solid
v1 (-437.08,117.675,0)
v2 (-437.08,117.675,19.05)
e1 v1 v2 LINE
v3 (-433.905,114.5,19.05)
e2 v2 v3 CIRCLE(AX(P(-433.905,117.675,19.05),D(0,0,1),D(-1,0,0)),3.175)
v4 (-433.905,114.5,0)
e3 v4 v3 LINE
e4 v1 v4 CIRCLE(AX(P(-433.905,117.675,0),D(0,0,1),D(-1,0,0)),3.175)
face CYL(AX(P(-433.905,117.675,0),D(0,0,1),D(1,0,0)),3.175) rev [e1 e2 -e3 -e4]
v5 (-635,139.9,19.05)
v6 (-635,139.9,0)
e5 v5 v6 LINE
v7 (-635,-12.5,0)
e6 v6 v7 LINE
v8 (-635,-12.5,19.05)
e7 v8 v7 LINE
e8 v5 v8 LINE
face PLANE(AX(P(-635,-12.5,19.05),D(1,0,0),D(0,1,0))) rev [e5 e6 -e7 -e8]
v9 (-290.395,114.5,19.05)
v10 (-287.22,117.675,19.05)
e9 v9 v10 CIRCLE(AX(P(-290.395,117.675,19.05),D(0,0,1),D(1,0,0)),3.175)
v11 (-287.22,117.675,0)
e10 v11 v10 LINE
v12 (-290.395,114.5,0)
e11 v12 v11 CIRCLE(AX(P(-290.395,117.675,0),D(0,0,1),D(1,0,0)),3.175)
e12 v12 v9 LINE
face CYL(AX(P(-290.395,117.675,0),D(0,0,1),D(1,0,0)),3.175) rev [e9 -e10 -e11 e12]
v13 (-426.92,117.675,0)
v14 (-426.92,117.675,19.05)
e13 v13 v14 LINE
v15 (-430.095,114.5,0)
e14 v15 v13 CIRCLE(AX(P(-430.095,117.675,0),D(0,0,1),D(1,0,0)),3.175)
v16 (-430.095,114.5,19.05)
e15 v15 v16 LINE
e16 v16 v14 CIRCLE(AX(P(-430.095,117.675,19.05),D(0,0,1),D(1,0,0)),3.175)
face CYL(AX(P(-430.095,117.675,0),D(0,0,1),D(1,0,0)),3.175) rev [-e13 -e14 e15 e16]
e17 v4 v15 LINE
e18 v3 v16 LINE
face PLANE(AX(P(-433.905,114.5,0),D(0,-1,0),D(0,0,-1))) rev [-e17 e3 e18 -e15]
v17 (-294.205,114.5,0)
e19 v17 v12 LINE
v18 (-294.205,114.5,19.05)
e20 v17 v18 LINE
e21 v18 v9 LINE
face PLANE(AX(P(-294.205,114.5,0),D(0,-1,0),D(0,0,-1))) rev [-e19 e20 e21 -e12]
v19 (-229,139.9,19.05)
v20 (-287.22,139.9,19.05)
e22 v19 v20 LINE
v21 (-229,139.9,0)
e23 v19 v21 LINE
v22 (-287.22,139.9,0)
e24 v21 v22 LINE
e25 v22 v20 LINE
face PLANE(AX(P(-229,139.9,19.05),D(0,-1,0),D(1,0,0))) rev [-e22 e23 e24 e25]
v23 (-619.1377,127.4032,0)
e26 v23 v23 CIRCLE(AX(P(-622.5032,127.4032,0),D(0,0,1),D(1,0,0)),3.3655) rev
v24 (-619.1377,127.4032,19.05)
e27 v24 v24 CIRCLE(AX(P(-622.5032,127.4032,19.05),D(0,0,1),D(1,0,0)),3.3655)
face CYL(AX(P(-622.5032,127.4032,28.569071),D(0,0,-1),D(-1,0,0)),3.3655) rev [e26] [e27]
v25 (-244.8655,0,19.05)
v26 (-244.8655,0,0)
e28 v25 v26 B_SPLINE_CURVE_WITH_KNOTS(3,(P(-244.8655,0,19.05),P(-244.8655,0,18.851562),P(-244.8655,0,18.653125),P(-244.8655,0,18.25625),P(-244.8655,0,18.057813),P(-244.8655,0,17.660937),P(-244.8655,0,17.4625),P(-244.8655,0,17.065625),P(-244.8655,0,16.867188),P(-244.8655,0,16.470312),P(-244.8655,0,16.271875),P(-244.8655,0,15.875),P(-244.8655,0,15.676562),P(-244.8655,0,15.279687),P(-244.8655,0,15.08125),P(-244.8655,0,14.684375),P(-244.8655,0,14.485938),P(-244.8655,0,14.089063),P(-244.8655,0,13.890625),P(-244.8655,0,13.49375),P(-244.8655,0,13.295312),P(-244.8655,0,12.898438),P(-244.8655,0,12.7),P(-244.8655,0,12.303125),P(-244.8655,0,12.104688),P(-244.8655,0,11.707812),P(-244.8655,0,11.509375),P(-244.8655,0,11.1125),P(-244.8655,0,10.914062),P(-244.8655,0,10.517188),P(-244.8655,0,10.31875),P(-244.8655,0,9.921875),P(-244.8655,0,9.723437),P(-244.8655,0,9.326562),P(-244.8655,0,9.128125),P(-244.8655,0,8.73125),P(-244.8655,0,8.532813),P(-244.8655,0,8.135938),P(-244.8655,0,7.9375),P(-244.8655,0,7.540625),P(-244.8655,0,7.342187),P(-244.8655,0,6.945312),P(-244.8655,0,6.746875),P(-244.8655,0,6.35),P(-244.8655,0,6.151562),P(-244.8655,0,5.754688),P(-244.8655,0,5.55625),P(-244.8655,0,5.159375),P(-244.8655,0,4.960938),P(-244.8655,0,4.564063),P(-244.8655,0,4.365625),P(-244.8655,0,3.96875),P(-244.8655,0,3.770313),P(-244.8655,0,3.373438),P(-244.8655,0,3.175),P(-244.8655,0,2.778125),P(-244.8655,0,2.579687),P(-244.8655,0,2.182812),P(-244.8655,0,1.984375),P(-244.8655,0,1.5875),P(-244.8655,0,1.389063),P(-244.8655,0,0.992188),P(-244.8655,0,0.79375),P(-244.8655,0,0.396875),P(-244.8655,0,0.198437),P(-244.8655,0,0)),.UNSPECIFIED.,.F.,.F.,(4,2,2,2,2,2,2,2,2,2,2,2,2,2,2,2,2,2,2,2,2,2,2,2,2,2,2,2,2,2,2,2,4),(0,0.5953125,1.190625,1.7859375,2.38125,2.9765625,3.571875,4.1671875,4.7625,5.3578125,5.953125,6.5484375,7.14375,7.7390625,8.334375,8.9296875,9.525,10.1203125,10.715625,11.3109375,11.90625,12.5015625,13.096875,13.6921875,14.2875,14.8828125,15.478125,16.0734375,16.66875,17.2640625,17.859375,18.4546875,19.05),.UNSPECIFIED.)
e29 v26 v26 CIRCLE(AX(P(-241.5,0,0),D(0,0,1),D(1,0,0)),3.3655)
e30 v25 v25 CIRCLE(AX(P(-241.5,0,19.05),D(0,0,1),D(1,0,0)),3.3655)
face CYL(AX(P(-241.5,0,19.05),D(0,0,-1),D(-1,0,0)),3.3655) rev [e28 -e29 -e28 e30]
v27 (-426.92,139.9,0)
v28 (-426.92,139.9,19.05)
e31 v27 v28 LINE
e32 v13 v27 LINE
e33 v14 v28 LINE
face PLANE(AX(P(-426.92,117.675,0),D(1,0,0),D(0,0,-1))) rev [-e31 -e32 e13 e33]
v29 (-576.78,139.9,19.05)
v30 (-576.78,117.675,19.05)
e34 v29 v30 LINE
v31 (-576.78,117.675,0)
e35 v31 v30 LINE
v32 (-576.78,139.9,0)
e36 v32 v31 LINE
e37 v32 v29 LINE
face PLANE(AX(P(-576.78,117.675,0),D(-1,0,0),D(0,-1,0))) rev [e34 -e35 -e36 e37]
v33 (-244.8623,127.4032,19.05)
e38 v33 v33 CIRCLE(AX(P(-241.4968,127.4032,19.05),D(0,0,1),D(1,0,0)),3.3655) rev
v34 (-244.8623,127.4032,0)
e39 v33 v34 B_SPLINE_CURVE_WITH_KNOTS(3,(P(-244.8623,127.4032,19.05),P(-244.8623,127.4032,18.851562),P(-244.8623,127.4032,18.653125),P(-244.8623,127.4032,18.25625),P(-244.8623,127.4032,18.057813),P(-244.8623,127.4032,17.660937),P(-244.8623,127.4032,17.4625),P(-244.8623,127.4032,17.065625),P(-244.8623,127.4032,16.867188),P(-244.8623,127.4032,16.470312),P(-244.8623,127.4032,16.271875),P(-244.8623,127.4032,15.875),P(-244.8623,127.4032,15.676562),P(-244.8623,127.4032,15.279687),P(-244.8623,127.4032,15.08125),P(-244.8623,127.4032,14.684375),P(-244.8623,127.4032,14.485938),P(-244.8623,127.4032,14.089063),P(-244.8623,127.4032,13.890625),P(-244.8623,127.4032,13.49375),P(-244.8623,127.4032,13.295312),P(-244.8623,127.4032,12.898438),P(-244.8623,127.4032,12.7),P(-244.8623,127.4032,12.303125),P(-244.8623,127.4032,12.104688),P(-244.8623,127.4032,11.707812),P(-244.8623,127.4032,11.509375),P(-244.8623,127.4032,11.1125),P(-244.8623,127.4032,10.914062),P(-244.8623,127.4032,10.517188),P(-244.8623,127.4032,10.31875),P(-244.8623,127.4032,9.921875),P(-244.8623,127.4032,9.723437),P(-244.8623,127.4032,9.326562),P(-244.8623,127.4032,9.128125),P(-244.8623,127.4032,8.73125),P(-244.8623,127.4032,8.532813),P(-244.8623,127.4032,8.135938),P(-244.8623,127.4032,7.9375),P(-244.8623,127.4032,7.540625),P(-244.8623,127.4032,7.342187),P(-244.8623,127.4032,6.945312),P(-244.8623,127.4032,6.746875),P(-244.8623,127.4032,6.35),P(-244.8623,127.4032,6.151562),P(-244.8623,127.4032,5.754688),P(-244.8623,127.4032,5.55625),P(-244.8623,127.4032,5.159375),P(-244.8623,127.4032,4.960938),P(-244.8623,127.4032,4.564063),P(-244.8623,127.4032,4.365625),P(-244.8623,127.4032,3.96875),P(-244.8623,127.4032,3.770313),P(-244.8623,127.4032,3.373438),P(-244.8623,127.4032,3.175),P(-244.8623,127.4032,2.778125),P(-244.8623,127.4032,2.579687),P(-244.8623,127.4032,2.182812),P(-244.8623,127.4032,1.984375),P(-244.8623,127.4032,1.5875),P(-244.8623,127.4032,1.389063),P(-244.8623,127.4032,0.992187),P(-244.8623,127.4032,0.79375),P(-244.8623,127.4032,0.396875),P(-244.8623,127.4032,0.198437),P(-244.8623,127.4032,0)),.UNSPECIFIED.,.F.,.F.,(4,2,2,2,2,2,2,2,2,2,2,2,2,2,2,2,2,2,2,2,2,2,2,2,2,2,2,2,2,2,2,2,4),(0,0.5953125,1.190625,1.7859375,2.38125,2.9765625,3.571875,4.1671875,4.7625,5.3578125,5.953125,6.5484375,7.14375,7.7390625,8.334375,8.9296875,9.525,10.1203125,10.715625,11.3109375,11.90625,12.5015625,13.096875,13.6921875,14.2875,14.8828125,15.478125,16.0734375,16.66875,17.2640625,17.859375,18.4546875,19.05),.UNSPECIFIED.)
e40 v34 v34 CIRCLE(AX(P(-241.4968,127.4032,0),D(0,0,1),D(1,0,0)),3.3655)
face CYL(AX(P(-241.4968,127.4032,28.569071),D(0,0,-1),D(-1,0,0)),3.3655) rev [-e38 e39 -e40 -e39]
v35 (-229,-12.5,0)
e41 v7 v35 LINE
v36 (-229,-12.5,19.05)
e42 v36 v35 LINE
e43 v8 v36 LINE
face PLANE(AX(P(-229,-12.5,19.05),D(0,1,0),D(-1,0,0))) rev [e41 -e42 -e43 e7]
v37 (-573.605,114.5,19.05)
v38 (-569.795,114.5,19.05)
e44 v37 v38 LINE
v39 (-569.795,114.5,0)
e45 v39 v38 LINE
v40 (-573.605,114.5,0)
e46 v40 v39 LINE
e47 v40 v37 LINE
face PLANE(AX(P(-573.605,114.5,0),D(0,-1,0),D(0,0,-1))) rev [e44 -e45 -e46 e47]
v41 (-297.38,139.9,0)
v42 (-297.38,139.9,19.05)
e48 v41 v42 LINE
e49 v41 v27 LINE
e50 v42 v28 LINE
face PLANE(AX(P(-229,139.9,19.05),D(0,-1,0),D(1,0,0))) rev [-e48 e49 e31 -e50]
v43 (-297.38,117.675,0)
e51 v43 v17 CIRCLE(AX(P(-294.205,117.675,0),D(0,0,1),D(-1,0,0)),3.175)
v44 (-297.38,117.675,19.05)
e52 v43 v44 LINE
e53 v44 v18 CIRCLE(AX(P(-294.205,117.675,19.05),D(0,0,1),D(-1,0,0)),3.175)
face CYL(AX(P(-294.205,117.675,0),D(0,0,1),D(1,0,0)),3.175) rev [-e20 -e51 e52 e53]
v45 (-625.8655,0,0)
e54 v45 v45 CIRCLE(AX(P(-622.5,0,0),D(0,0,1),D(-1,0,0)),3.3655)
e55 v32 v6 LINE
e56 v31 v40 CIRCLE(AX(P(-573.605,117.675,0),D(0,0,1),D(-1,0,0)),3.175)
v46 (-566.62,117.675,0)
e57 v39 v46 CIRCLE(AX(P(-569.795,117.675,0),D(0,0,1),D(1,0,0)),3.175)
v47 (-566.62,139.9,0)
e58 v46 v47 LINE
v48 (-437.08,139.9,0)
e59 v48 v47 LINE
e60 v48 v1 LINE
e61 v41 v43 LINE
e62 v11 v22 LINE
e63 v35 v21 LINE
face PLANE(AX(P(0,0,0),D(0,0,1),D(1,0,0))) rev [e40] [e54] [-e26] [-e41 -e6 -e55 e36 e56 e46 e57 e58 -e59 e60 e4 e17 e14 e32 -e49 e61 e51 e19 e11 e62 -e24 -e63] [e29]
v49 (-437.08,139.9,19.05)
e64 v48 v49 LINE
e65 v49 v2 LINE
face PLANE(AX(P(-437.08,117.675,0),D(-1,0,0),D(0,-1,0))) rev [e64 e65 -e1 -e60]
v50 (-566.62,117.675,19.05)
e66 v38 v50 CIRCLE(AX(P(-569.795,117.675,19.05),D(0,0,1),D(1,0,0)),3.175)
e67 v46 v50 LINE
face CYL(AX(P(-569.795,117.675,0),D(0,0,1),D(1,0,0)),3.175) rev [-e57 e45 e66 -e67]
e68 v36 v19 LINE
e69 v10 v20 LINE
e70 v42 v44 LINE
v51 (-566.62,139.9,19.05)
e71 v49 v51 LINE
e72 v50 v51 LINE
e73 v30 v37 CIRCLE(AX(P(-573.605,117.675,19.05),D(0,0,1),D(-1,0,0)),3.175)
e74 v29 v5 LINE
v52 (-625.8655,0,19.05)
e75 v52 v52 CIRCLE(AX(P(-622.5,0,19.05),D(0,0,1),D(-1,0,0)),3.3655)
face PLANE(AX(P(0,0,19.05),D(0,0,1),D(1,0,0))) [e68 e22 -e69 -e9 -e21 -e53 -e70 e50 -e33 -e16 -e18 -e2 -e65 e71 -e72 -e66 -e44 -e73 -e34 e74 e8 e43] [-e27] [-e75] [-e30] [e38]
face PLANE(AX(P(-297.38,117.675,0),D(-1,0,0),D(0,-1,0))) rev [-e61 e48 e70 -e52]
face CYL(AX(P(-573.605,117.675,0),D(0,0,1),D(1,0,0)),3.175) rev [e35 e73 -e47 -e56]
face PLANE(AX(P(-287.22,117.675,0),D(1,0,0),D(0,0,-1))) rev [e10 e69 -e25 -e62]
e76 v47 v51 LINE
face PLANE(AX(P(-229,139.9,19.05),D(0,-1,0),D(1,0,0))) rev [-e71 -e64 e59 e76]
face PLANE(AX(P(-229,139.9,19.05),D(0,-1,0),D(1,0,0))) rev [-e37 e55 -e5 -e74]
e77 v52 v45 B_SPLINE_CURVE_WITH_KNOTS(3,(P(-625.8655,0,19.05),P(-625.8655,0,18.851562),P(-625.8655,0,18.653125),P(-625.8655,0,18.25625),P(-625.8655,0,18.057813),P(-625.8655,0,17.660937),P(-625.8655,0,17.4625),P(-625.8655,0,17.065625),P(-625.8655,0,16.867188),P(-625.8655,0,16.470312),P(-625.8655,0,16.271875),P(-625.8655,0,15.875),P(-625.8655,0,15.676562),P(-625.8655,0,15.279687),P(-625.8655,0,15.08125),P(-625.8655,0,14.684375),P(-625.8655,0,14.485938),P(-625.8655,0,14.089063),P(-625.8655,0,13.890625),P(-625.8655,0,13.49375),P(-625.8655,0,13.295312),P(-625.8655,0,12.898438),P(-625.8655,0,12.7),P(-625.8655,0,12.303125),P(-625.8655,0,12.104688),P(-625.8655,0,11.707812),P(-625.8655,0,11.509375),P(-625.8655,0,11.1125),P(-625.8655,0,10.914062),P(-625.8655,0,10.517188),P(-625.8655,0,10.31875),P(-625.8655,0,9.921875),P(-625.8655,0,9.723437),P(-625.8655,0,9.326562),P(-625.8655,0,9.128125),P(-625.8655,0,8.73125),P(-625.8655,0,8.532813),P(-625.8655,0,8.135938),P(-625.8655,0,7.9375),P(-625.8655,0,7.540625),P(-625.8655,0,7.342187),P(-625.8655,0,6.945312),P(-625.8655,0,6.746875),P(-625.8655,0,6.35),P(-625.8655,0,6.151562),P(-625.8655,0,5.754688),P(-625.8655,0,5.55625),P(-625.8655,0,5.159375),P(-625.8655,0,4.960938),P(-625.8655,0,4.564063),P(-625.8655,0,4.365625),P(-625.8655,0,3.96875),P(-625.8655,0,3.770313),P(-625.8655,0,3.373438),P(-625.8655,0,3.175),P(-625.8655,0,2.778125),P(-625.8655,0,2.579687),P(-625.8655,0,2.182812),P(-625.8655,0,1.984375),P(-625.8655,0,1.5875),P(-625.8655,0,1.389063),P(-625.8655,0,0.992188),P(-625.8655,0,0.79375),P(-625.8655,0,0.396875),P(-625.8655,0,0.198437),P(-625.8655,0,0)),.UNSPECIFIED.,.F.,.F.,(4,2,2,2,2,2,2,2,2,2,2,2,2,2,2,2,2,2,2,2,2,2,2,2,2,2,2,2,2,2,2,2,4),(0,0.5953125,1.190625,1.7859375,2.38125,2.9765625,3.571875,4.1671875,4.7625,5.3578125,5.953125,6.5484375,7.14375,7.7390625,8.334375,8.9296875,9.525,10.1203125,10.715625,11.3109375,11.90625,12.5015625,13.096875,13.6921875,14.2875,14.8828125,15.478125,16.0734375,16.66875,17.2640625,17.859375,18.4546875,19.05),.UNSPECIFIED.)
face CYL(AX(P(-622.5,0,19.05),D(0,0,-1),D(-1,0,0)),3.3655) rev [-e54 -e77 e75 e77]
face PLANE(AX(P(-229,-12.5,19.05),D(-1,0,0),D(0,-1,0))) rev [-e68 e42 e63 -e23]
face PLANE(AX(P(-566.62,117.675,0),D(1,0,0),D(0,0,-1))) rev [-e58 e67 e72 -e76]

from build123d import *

# Parameters (mm, degrees)
SKETCH1_W           = 406
SKETCH1_H           = 152.4
SKETCH1_R           = 3.3655
BOSS_EXTRUDE1_DEPTH = 19.05
SKETCH2_R           = 3.3655
CUT_EXTRUDE1_DEPTH  = 21.082
CUT_EXTRUDE2_DEPTH  = 651.507426937
LPATTERN1_COUNT     = 2
LPATTERN1_PITCH     = 139.7
LPATTERN1_COL_COUNT = 2
LPATTERN1_COL_PITCH = 139.7


with BuildPart() as part:
    # Sketch1 → Boss-Extrude1 (new body)
    with BuildSketch(Plane.XY):
        with Locations((-432, 63.7)):
            Rectangle(SKETCH1_W, SKETCH1_H)
        with Locations(Location((-241.5, 0, 0), (0, 0, 180))):
            Circle(SKETCH1_R, mode=Mode.SUBTRACT)
        with Locations(Location((-622.5, 0, 0), (0, 0, 180))):
            Circle(SKETCH1_R, mode=Mode.SUBTRACT)
    extrude(amount=BOSS_EXTRUDE1_DEPTH)

    # Sketch2 → Cut-Extrude1 (cut)
    with BuildSketch(Plane(origin=(-432, 23.6125, -2.032), x_dir=(-1, 0, 0), z_dir=(0, 0, -1))):
        with Locations((-190.5032, 103.7907)):
            Circle(SKETCH2_R)
    cut_extrude1 = extrude(amount=-CUT_EXTRUDE1_DEPTH, mode=Mode.SUBTRACT)

    # Mirror1: Cut-Extrude1 across plane
    add(cut_extrude1.mirror(Plane.ZY.offset(432)), mode=Mode.SUBTRACT)

    # Sketch4 → Cut-Extrude2 (cut, through all)
    with BuildSketch(Plane.XY.offset(19.05)):
        with BuildLine():
            Line((-433.905, 114.5), (-430.095, 114.5))
            ThreePointArc((-430.095, 114.5), (-427.84993597, 115.42993597), (-426.92, 117.675))
            Line((-426.92, 117.675), (-426.92, 139.9))
            Line((-426.92, 139.9), (-437.08, 139.9))
            Line((-437.08, 139.9), (-437.08, 117.675))
            ThreePointArc((-437.08, 117.675), (-436.15006403, 115.42993597), (-433.905, 114.5))
        make_face()
    cut_extrude2 = extrude(amount=-CUT_EXTRUDE2_DEPTH, mode=Mode.SUBTRACT)

    # LPattern1: Cut-Extrude2 ×2
    with Locations(*[(i * LPATTERN1_PITCH, 0, 0) for i in range(1, LPATTERN1_COUNT)]):
        add(cut_extrude2, mode=Mode.SUBTRACT)

    # LPattern1 col: Cut-Extrude2 ×2
    with Locations(*[(-i * LPATTERN1_COL_PITCH, 0, 0) for i in range(1, LPATTERN1_COL_COUNT)]):
        add(cut_extrude2, mode=Mode.SUBTRACT)


solid = part.part
